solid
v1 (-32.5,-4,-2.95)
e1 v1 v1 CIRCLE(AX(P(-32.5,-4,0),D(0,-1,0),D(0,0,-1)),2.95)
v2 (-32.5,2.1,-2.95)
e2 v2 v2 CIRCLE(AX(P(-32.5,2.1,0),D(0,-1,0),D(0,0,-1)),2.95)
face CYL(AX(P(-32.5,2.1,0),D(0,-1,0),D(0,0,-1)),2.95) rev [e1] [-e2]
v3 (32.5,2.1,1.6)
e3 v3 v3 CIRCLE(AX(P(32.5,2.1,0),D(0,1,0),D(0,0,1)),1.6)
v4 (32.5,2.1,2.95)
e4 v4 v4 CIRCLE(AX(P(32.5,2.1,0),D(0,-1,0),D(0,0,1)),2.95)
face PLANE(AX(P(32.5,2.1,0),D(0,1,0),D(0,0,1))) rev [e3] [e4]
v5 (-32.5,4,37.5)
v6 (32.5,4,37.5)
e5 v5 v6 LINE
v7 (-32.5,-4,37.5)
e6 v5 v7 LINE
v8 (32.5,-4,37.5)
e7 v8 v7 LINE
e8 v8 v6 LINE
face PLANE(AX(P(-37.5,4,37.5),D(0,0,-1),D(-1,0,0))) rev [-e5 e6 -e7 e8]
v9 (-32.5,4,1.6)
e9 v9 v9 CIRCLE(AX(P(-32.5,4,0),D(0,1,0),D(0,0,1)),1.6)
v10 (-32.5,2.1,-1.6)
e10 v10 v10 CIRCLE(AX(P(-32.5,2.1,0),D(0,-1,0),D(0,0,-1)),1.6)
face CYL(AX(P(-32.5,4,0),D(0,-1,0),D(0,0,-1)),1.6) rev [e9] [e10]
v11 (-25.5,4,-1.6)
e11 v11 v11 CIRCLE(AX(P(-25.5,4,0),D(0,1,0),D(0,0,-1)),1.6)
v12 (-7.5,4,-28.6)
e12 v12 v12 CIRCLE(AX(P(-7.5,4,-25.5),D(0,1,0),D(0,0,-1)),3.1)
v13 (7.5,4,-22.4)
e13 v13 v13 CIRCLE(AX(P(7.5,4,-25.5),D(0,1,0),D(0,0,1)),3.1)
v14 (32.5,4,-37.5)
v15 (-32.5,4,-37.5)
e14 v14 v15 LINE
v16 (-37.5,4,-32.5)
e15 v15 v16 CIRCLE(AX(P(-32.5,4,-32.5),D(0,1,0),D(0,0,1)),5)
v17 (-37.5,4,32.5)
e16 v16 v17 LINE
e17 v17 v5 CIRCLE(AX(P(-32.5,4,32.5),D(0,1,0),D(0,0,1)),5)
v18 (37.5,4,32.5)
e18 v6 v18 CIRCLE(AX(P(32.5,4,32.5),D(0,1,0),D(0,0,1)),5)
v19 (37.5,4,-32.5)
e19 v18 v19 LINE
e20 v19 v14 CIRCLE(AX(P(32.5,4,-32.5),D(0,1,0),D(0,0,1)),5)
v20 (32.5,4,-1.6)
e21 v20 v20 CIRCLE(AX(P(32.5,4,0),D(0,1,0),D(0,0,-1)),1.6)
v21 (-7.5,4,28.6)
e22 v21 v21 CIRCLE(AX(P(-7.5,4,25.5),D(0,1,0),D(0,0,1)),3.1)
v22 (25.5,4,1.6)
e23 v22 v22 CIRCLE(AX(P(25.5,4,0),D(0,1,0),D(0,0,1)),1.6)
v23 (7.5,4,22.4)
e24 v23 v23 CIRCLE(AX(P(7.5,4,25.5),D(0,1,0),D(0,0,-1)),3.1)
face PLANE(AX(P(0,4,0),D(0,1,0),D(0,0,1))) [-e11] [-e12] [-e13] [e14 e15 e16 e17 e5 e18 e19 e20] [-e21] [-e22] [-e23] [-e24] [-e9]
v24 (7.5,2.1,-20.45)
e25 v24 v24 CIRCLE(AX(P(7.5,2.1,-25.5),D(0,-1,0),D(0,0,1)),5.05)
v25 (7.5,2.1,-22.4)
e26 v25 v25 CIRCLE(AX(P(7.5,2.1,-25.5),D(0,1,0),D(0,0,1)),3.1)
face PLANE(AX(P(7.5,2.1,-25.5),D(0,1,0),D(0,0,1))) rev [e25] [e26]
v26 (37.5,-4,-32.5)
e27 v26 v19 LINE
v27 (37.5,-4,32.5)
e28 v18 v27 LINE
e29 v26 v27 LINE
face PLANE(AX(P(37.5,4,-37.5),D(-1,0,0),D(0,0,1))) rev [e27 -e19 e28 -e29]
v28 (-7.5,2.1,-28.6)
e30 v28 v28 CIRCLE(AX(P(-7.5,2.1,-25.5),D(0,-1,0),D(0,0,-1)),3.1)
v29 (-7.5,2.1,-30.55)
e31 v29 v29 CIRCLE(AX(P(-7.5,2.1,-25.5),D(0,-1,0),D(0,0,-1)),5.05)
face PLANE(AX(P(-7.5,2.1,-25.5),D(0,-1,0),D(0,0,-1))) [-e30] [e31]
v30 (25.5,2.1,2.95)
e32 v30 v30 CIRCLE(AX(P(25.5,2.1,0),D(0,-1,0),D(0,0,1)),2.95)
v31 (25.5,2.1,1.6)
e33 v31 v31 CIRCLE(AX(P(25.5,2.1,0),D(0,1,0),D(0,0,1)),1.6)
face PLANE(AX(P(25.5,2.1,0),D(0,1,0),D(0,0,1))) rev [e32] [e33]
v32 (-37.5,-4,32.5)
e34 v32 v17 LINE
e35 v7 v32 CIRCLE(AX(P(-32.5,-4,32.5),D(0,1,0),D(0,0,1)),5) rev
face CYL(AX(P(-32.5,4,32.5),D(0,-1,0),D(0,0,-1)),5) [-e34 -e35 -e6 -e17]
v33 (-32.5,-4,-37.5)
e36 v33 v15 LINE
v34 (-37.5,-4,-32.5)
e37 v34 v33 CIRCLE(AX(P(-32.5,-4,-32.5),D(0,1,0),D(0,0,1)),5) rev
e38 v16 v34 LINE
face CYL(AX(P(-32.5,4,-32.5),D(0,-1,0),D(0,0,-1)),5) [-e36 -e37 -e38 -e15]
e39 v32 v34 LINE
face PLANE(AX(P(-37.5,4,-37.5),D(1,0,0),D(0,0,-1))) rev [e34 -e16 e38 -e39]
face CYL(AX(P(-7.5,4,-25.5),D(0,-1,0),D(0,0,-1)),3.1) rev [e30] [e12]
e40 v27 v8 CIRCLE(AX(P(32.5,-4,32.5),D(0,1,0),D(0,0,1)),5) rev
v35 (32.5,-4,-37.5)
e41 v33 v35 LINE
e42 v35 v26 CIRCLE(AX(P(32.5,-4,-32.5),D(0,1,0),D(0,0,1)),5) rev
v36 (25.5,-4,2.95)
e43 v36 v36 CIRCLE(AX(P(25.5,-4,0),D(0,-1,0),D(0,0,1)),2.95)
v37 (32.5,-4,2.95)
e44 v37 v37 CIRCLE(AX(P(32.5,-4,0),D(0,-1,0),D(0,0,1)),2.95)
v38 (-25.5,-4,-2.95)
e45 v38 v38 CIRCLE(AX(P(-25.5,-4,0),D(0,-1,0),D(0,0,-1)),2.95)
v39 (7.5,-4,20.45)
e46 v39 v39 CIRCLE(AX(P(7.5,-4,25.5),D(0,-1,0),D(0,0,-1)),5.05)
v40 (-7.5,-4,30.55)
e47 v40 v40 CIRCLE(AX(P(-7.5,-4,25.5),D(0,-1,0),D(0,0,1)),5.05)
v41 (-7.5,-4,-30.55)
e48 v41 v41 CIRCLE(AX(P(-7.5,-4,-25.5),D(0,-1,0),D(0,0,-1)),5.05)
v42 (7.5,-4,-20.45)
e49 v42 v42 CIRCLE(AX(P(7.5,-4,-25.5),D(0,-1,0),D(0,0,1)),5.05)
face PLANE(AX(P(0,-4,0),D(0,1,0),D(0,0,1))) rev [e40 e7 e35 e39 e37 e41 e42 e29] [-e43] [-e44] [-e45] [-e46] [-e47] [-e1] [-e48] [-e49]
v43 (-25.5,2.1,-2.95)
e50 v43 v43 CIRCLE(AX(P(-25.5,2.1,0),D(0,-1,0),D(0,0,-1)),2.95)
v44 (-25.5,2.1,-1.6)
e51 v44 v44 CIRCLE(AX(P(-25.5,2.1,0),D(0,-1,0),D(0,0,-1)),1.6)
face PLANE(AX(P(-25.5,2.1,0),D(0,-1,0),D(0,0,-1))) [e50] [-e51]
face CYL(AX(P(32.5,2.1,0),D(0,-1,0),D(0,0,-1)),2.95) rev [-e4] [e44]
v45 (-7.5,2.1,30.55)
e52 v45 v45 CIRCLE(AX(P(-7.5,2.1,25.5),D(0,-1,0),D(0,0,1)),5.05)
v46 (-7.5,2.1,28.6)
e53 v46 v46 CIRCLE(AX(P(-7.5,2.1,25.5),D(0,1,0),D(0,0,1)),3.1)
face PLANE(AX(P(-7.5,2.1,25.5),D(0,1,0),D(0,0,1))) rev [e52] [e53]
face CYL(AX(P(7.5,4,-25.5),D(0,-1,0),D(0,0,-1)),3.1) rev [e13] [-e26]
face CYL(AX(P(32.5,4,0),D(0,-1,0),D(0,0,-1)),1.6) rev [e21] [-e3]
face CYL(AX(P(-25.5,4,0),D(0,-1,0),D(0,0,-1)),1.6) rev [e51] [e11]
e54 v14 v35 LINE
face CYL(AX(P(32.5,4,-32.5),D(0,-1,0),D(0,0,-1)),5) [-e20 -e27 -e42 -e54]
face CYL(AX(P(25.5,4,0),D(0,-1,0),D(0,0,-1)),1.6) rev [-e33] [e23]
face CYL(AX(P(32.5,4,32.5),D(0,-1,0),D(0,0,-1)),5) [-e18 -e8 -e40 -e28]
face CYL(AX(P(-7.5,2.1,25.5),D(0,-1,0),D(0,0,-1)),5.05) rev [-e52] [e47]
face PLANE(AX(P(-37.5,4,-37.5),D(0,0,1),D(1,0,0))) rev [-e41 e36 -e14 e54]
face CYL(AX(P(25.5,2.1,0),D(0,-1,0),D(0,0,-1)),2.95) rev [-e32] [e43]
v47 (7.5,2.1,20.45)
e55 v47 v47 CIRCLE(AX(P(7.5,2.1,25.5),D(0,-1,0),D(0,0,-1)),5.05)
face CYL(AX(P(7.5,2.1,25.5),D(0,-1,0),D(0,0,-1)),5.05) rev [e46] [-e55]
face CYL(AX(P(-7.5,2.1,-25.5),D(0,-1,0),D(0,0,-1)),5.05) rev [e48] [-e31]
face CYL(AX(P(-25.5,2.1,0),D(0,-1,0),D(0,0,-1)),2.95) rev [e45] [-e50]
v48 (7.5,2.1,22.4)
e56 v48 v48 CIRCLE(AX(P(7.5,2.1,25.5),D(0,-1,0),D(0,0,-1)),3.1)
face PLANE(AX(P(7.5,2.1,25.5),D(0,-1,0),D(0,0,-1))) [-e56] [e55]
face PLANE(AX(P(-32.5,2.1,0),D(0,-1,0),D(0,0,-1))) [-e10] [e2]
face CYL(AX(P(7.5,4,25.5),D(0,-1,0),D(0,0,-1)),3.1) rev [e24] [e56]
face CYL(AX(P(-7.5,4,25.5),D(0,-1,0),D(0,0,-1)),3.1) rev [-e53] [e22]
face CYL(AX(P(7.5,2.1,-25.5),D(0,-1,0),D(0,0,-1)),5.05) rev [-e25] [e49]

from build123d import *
from build123d.topology import SkipClean

# Parameters (mm, degrees)
SKETCH1_W           = 75
SKETCH1_H           = 75
SKETCH1_R           = 1.6
SKETCH1_R_2         = 3.1
BOSS_EXTRUDE1_DEPTH = 4
BOSS_EXTRUDE2_START = 4
SKETCH3_W           = 75
SKETCH3_H           = 75
SKETCH3_R           = 3.1
SKETCH3_R_2         = 1.6
BOSS_EXTRUDE2_DEPTH = 4
SKETCH5_R           = 5.05
SKETCH5_R_2         = 2.95
CUT_EXTRUDE1_DEPTH  = 6.1
FILLET2_R           = 5


with BuildPart() as part:
    # Sketch1 → Boss-Extrude1 (new body)
    with BuildSketch(Plane(origin=(0, 0, 0), x_dir=(1, 0, 0), z_dir=(0, 1, 0))):
        Rectangle(SKETCH1_W, SKETCH1_H)
        with Locations(Location((-32.5, 0, 0), (0, 0, 270))):
            Circle(SKETCH1_R, mode=Mode.SUBTRACT)
        with Locations(Location((-25.5, 0, 0), (0, 0, 90))):
            Circle(SKETCH1_R, mode=Mode.SUBTRACT)
        with Locations(Location((25.5, 0, 0), (0, 0, 270))):
            Circle(SKETCH1_R, mode=Mode.SUBTRACT)
        with Locations(Location((32.5, 0, 0), (0, 0, 90))):
            Circle(SKETCH1_R, mode=Mode.SUBTRACT)
        with Locations(Location((-7.5, -25.5, 0), (0, 0, 270))):
            Circle(SKETCH1_R_2, mode=Mode.SUBTRACT)
        with Locations(Location((7.5, -25.5, 0), (0, 0, 90))):
            Circle(SKETCH1_R_2, mode=Mode.SUBTRACT)
        with Locations(Location((7.5, 25.5, 0), (0, 0, 270))):
            Circle(SKETCH1_R_2, mode=Mode.SUBTRACT)
        with Locations(Location((-7.5, 25.5, 0), (0, 0, 90))):
            Circle(SKETCH1_R_2, mode=Mode.SUBTRACT)
    extrude(amount=BOSS_EXTRUDE1_DEPTH)

    # Sketch3 → Boss-Extrude2 (add)
    with SkipClean():  # the faces are left unmerged after this step: merging them gives an invalid solid
        with BuildSketch(Plane.XZ.offset(BOSS_EXTRUDE2_START)):
            Rectangle(SKETCH3_W, SKETCH3_H)
            with Locations(Location((-7.5, -25.5, 0), (0, 0, 270))):
                Circle(SKETCH3_R, mode=Mode.SUBTRACT)
            with Locations(Location((7.5, -25.5, 0), (0, 0, 270))):
                Circle(SKETCH3_R, mode=Mode.SUBTRACT)
            with Locations(Location((32.5, 0, 0), (0, 0, 270))):
                Circle(SKETCH3_R_2, mode=Mode.SUBTRACT)
            with Locations(Location((25.5, 0, 0), (0, 0, 270))):
                Circle(SKETCH3_R_2, mode=Mode.SUBTRACT)
            with Locations(Location((7.5, 25.5, 0), (0, 0, 270))):
                Circle(SKETCH3_R, mode=Mode.SUBTRACT)
            with Locations(Location((-7.5, 25.5, 0), (0, 0, 270))):
                Circle(SKETCH3_R, mode=Mode.SUBTRACT)
            with Locations(Location((-25.5, 0, 0), (0, 0, 270))):
                Circle(SKETCH3_R_2, mode=Mode.SUBTRACT)
            with Locations(Location((-32.5, 0, 0), (0, 0, 270))):
                Circle(SKETCH3_R_2, mode=Mode.SUBTRACT)
        extrude(amount=-BOSS_EXTRUDE2_DEPTH)

    # Sketch5 → Cut-Extrude1 (cut)
    with BuildSketch(Plane.XZ.offset(4)):
        with Locations(Location((-7.5, -25.5, 0), (0, 0, 270))):
            Circle(SKETCH5_R)
        with Locations(Location((7.5, -25.5, 0), (0, 0, 90))):
            Circle(SKETCH5_R)
        with Locations(Location((7.5, 25.5, 0), (0, 0, 270))):
            Circle(SKETCH5_R)
        with Locations(Location((-7.5, 25.5, 0), (0, 0, 90))):
            Circle(SKETCH5_R)
        with Locations(Location((-32.5, 0, 0), (0, 0, 270))):
            Circle(SKETCH5_R_2)
        with Locations(Location((-25.5, 0, 0), (0, 0, 270))):
            Circle(SKETCH5_R_2)
        with Locations(Location((25.5, 0, 0), (0, 0, 90))):
            Circle(SKETCH5_R_2)
        with Locations(Location((32.5, 0, 0), (0, 0, 90))):
            Circle(SKETCH5_R_2)
    extrude(amount=-CUT_EXTRUDE1_DEPTH, mode=Mode.SUBTRACT)

    # Fillet2
    fillet2_edges = [part.edges().sort_by_distance(p)[0] for p in [
        (-37.5, 0, -37.5),
        (37.5, 0, -37.5),
        (37.5, 0, 37.5),
        (-37.5, 0, 37.5),
    ]]
    fillet(fillet2_edges, radius=FILLET2_R)


solid = part.part
